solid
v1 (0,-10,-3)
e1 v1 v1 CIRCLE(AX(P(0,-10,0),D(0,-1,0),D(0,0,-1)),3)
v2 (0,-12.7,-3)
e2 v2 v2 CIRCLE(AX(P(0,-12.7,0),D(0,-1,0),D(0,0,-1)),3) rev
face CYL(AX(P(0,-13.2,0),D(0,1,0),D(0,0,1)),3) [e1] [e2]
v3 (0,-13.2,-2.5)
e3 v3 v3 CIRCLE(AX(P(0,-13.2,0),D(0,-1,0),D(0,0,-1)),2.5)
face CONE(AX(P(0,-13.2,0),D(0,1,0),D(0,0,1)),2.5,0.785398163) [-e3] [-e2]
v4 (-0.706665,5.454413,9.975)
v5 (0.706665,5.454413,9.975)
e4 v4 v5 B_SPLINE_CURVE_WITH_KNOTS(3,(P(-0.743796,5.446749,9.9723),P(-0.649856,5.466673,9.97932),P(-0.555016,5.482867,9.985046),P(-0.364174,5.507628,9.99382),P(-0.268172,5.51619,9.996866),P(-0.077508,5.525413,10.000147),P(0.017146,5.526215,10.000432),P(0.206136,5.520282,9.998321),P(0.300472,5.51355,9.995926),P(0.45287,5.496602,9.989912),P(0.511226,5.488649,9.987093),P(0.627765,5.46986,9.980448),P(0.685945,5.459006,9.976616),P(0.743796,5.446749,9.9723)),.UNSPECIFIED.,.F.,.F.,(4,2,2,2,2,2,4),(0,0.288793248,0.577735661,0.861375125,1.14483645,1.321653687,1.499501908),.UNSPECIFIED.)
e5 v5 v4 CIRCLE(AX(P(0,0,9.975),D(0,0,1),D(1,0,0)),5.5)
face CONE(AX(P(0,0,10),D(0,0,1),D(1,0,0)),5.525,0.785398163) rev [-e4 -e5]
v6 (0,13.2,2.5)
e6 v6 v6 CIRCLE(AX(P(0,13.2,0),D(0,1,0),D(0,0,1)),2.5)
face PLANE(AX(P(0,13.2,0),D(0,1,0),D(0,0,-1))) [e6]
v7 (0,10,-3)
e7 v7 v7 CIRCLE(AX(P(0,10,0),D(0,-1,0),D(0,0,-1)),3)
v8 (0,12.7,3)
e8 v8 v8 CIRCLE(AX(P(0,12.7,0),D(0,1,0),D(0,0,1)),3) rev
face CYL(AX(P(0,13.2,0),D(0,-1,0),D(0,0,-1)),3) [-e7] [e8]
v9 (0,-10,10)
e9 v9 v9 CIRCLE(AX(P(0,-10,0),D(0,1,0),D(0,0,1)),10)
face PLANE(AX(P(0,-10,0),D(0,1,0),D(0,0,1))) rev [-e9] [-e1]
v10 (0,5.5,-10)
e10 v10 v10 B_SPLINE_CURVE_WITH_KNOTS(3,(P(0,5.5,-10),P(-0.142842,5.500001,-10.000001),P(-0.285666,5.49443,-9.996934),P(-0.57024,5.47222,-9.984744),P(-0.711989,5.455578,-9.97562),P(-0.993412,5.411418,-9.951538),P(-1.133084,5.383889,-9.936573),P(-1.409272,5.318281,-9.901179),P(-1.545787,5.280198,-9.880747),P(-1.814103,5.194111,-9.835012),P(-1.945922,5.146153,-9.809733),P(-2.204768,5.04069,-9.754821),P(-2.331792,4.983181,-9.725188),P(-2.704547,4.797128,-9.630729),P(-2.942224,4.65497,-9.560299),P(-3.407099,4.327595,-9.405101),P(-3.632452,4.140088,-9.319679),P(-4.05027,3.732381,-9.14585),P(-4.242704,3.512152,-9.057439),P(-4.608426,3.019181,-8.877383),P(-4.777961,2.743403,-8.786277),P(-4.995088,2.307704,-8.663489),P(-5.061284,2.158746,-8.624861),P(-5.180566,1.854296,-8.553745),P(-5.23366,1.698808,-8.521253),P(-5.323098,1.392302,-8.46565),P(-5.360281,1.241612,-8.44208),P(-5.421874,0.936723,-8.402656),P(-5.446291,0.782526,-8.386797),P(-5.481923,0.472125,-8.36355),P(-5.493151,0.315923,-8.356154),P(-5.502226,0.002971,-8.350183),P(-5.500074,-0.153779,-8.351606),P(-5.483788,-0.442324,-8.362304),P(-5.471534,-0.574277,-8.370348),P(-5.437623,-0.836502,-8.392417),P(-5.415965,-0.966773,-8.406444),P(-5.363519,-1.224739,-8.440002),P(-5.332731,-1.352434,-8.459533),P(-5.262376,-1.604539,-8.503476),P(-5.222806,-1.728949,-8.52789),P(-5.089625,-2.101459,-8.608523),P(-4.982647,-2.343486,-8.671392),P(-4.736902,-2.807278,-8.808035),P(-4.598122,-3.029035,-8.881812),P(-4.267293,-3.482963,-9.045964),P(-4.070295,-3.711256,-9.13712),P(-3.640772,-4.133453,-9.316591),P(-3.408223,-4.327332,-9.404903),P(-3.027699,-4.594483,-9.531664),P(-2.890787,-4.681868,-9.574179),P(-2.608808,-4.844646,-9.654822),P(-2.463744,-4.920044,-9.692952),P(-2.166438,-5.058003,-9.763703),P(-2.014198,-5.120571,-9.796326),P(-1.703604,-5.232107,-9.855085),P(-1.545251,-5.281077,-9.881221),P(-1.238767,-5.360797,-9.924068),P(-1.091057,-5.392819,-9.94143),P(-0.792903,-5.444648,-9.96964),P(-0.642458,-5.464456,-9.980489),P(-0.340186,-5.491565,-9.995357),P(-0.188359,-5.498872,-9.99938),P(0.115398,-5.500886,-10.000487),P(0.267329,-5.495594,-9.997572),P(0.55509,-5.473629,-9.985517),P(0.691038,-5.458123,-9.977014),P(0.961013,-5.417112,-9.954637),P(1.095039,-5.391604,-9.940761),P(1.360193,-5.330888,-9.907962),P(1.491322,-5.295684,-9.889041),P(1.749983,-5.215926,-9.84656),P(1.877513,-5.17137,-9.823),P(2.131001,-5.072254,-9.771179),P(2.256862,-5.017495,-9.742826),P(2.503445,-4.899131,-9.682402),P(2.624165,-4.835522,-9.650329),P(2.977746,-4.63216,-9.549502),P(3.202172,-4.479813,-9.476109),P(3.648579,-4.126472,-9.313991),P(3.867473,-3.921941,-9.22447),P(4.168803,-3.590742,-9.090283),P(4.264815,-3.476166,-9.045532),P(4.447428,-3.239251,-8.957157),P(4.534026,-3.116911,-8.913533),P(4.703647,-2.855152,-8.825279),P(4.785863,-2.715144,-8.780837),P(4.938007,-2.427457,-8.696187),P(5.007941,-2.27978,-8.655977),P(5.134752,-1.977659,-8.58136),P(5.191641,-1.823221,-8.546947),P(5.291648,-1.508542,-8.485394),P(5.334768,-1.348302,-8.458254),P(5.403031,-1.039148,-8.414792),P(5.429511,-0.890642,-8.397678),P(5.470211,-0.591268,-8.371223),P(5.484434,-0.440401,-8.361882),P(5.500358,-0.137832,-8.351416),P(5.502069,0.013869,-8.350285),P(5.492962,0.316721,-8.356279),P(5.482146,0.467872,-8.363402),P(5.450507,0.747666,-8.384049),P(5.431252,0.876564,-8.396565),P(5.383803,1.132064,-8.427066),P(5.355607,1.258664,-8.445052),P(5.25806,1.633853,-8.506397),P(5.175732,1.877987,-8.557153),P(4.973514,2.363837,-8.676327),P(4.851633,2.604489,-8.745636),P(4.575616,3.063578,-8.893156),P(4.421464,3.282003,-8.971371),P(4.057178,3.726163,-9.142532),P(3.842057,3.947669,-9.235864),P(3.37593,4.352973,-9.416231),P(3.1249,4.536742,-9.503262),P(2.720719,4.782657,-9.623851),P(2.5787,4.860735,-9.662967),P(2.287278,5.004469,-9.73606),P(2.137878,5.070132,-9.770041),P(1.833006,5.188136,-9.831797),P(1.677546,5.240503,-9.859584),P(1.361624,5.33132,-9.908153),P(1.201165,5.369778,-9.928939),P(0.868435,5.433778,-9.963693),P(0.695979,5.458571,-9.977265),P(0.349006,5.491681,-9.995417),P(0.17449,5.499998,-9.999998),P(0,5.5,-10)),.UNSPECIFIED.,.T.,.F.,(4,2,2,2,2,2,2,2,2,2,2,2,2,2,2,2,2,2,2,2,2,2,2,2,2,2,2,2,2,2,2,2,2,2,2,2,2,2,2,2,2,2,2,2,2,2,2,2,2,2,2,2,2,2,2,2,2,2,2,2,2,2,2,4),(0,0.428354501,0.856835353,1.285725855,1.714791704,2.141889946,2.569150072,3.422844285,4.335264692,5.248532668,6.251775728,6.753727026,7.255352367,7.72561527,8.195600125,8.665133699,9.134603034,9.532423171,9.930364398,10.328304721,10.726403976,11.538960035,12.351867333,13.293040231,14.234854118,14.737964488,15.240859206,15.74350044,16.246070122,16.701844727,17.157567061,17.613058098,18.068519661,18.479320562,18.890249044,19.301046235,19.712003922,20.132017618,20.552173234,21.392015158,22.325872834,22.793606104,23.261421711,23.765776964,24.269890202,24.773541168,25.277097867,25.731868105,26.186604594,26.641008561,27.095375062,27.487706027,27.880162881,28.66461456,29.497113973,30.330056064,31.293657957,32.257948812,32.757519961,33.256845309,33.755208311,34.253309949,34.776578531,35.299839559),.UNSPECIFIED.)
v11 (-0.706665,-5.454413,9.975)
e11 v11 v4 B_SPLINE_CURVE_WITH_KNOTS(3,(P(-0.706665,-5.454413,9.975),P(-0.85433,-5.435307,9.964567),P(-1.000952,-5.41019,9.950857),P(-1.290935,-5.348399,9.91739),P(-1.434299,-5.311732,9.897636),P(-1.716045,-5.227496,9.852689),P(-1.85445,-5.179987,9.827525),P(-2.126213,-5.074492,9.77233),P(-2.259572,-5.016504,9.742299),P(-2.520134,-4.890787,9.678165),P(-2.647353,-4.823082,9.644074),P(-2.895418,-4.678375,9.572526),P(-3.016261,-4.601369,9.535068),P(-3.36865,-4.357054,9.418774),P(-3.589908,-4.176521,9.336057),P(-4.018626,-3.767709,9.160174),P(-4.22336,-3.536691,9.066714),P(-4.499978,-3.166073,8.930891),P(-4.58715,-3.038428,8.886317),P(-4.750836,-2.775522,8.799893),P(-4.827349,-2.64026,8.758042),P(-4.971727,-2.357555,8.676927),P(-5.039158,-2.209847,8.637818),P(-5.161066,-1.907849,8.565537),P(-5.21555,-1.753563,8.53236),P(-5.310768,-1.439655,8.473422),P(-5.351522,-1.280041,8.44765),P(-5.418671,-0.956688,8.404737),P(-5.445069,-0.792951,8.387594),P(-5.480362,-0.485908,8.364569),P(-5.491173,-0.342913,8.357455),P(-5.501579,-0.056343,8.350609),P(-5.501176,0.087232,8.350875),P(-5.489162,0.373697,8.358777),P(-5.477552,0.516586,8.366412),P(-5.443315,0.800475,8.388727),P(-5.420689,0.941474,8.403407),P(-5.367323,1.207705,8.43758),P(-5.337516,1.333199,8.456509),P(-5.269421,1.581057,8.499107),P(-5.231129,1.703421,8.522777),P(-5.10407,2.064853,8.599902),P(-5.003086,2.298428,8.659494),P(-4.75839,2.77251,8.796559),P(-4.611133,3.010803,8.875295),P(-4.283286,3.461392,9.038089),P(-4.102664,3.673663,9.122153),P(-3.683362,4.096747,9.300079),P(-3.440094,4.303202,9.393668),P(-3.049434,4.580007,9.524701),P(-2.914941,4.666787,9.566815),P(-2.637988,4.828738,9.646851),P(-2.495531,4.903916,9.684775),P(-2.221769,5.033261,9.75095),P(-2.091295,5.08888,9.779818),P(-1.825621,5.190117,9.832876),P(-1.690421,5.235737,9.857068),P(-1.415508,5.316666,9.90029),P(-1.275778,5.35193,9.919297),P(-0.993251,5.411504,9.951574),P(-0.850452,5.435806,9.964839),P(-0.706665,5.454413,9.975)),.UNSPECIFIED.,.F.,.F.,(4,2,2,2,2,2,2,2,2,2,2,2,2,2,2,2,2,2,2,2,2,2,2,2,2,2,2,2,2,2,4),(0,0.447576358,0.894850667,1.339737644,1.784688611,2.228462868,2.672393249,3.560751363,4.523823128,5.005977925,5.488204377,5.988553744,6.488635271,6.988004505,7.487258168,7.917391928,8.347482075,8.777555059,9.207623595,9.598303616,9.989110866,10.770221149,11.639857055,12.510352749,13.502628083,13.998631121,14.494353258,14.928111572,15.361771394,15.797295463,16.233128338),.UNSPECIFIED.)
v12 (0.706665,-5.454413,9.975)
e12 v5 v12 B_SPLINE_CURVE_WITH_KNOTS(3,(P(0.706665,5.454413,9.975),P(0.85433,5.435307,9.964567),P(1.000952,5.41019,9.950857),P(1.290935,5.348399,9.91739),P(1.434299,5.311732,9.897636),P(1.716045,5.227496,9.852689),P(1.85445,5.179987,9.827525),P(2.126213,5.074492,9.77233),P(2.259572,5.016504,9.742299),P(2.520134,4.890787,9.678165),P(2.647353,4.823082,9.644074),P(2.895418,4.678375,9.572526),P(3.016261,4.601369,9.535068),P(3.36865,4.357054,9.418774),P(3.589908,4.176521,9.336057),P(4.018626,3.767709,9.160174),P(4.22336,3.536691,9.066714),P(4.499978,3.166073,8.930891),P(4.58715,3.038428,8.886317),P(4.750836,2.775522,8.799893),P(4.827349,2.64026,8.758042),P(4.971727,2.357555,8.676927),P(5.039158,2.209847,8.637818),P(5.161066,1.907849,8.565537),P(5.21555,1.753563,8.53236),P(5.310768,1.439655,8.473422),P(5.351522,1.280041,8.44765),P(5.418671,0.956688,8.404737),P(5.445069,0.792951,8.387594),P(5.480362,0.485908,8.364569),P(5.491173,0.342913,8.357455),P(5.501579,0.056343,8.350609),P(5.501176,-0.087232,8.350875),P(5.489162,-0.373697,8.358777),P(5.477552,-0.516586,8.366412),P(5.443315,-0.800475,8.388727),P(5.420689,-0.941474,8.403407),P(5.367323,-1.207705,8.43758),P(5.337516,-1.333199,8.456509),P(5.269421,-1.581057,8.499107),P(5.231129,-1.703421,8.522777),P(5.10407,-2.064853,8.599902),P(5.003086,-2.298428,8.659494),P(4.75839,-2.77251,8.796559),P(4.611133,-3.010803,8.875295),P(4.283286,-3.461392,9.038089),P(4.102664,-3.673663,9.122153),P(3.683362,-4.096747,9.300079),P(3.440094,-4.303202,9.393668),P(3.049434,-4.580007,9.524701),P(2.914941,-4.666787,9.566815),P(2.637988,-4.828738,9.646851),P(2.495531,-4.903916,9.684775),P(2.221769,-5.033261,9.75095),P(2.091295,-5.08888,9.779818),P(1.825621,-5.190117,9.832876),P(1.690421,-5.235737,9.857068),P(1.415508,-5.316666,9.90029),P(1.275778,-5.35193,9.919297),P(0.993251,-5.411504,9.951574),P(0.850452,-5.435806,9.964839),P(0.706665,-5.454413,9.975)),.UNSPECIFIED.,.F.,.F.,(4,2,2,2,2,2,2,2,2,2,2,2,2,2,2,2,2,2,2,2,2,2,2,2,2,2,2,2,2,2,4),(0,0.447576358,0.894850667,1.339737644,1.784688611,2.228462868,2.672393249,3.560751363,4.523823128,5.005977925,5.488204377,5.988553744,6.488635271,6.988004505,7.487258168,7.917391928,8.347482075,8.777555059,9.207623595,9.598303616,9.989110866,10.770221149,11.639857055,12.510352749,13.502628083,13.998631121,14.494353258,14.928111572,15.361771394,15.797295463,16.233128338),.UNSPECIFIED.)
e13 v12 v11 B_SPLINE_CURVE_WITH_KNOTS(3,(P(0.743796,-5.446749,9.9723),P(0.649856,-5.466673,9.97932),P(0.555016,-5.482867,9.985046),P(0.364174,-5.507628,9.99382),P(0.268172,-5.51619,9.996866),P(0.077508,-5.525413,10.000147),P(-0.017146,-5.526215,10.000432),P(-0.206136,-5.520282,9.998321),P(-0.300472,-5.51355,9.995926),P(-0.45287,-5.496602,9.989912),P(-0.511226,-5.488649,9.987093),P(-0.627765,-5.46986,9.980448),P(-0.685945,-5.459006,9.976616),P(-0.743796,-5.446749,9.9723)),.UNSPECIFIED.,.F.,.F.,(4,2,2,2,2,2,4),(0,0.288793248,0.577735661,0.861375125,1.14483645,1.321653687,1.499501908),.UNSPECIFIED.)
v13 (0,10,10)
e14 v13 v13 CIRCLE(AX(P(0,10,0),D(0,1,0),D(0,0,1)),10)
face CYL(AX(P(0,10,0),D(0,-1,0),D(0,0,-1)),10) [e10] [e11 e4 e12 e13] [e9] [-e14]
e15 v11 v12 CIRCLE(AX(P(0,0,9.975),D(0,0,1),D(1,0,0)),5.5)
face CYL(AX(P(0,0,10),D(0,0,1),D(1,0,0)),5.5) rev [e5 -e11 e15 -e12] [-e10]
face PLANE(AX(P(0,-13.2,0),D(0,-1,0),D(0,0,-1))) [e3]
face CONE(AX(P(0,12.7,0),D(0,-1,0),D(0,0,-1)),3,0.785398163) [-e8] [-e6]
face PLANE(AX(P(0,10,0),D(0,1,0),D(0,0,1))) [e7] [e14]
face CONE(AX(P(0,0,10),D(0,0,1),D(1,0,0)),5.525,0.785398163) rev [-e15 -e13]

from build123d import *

# Parameters (mm, degrees)
SCHIZZO1_R                   = 10
ESTRUSIONE_ESTRUSIONE1_DEPTH = 10
SCHIZZO2_R                   = 3
ESTRUSIONE_ESTRUSIONE2_DEPTH = 3.2
SMUSSO1_SIZE                 = 0.5


with BuildPart() as part:
    # Schizzo1 → Estrusione-Estrusione1 (new, symmetric)
    with BuildSketch(Plane(origin=(0, 0, 0), x_dir=(1, 0, 0), z_dir=(0, 1, 0))):
        with Locations(Location((0, 0, 0), (0, 0, 270))):
            Circle(SCHIZZO1_R)
    extrude(amount=ESTRUSIONE_ESTRUSIONE1_DEPTH, both=True)

    # Schizzo2 → Estrusione-Estrusione2 (add)
    with BuildSketch(Plane.XZ.offset(10)):
        with Locations(Location((0, 0, 0), (0, 0, 270))):
            Circle(SCHIZZO2_R)
    estrusione_estrusione2 = extrude(amount=ESTRUSIONE_ESTRUSIONE2_DEPTH)

    # Specchia1: Estrusione-Estrusione2 across plane
    add(estrusione_estrusione2.mirror(Plane.ZX))

    # Schizzo8 → Foro per Vite M10-1 (revolve, cut)
    with BuildSketch(Plane(origin=(0, 0, 10), x_dir=(0, -1, 0), z_dir=(1, 0, 0))):
        Polygon((0, 0), (0, 20), (5.5, 20), (5.5, 0.025), (5.525, 0), align=None)
    revolve(axis=Axis((0, 0, 16.35), (0, 0, -1)), mode=Mode.SUBTRACT)

    # Smusso1
    smusso1_edges = [part.edges().sort_by_distance(p)[0] for p in [
        (0, 13.2, 3),
        (0, -13.2, 3),
    ]]
    chamfer(smusso1_edges, length=SMUSSO1_SIZE)


solid = part.part
